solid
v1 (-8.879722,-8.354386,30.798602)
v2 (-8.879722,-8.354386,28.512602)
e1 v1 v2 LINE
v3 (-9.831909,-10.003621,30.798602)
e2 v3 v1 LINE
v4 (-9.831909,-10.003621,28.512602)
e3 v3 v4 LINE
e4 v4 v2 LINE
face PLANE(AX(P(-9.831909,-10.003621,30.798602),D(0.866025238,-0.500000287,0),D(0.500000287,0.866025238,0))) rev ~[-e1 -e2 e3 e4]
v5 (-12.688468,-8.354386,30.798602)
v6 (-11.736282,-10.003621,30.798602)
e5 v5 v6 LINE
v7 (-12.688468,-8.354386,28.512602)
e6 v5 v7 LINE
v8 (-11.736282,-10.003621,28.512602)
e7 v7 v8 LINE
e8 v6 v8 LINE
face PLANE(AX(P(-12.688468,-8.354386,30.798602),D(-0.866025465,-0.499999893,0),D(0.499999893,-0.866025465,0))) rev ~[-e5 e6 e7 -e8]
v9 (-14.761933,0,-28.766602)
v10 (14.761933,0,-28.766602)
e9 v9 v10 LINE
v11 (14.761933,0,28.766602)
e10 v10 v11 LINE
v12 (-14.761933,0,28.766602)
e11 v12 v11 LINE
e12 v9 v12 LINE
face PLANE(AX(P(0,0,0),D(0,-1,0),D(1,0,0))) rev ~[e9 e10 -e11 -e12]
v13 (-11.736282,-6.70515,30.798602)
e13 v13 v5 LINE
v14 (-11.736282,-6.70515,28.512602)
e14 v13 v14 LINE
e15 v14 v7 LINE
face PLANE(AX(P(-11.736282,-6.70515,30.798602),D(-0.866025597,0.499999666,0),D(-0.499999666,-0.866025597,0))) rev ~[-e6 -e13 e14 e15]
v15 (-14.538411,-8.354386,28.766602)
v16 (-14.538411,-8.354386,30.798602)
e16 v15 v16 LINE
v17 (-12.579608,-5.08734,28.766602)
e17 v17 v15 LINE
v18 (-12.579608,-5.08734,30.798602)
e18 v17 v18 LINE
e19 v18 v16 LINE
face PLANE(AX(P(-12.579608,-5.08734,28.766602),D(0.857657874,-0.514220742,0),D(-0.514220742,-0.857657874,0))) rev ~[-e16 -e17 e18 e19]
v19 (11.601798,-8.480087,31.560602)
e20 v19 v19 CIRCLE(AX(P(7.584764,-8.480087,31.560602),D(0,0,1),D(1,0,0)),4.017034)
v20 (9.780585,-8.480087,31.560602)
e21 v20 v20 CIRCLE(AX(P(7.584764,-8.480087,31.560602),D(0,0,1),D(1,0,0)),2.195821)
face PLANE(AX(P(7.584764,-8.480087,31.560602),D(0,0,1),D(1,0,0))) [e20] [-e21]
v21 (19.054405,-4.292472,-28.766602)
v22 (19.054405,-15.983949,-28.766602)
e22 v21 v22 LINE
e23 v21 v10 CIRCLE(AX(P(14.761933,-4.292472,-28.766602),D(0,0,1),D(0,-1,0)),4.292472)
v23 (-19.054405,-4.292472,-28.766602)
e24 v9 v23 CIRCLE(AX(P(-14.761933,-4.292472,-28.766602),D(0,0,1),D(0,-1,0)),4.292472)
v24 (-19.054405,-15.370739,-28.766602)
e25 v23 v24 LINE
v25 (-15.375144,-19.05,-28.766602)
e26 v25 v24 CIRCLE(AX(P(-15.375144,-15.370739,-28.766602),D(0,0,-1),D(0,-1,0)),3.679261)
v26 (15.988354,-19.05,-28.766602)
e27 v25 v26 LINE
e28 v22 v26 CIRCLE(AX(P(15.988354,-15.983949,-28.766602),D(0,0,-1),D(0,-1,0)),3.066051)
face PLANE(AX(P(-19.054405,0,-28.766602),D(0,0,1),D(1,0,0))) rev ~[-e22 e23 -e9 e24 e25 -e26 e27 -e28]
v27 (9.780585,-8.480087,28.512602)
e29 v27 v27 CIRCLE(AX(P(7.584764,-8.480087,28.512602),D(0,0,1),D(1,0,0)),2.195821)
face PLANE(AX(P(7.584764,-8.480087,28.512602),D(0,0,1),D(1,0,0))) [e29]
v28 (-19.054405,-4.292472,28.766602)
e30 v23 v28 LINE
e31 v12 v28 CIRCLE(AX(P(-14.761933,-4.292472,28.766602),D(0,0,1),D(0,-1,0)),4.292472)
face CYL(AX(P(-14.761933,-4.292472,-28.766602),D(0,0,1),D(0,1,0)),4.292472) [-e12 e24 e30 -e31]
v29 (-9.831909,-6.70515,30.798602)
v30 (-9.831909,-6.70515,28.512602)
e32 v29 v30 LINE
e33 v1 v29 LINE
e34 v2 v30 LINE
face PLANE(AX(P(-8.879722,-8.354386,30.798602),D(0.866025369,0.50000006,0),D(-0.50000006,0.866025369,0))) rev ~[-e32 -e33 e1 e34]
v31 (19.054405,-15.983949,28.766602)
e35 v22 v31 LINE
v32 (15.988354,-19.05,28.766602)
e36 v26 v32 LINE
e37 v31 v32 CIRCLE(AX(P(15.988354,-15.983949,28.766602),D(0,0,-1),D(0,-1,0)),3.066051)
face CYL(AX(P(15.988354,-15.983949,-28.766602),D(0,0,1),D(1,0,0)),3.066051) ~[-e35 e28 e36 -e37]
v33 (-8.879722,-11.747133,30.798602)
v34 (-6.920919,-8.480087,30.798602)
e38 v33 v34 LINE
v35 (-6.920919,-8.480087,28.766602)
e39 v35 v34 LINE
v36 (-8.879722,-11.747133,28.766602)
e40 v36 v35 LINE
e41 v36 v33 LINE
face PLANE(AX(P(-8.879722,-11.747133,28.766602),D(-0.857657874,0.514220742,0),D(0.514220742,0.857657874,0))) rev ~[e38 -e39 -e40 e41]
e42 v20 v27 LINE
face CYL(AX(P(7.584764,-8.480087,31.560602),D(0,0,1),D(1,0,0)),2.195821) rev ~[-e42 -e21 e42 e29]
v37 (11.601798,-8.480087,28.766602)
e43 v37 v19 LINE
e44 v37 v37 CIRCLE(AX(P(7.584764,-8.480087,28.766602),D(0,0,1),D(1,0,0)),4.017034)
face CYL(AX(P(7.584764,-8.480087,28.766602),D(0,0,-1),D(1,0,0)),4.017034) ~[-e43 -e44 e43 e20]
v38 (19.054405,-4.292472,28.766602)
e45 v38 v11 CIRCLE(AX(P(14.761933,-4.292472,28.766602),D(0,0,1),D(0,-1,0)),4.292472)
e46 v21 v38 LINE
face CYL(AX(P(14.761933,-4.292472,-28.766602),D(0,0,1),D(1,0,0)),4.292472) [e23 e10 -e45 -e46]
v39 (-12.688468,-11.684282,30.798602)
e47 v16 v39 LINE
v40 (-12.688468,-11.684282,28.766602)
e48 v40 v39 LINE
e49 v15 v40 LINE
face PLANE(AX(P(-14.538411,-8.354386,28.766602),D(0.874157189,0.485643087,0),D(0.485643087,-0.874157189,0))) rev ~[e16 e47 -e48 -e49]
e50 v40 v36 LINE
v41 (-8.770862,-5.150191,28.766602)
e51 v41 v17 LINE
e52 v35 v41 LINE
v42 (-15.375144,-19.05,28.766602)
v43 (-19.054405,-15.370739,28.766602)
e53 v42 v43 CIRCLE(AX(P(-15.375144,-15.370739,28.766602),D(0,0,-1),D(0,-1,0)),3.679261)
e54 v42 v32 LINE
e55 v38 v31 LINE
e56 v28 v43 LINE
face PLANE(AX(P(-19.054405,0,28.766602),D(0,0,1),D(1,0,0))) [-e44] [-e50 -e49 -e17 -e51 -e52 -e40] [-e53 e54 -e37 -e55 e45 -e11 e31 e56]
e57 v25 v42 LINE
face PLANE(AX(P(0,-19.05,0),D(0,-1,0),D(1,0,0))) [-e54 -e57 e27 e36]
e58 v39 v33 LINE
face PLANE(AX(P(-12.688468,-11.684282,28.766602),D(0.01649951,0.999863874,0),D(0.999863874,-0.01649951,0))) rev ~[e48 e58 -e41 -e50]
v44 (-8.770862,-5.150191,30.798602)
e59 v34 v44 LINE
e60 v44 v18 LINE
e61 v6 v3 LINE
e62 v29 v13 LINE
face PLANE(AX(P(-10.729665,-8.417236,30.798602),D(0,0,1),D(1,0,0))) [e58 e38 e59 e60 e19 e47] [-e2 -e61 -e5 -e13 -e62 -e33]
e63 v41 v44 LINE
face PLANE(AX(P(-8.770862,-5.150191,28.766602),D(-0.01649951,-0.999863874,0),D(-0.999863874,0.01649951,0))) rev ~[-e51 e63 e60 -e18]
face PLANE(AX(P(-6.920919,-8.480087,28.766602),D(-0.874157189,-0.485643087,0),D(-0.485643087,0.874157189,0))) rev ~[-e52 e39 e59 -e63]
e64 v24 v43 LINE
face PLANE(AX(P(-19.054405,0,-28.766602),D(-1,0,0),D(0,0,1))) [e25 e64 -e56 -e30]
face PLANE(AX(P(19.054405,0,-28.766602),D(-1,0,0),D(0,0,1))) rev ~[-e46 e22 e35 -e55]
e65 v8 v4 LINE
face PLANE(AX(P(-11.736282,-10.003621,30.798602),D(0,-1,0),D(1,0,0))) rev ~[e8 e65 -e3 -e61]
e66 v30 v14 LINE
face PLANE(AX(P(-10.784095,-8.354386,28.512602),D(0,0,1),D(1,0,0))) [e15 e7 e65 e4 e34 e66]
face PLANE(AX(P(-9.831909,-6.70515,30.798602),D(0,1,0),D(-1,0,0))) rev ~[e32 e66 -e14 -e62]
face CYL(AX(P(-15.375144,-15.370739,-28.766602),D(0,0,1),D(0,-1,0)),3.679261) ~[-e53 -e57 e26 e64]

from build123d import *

# Parameters (mm, degrees)
F0_W      = 38.10881
F0_H      = 57.533204
F1_DEPTH  = 19.05
F2_R      = 3.066051
F3_R      = 3.679261
F4_R      = 4.292472
F5_R      = 4.292472
F7_DEPTH  = 2.032
F8_R      = 4.017034
F9_DEPTH  = 2.794
F11_DEPTH = 2.286
F12_R     = 2.195821
F13_DEPTH = 3.048


with BuildPart() as f1:
    # F0 (on Front) → F1 (new body)
    with BuildSketch(Plane.XZ):
        Rectangle(F0_W, F0_H)
    extrude(amount=F1_DEPTH)

    # F2
    f2_edges = [f1.edges().sort_by_distance(p)[0] for p in [
        (19.054405, -19.05, 0),
    ]]
    fillet(f2_edges, radius=F2_R)

    # F3
    f3_edges = [f1.edges().sort_by_distance(p)[0] for p in [
        (-19.054405, -19.05, 0),
    ]]
    fillet(f3_edges, radius=F3_R)

    # F4
    f4_edges = [f1.edges().sort_by_distance(p)[0] for p in [
        (19.054405, 0, 0),
    ]]
    fillet(f4_edges, radius=F4_R)

    # F5
    f5_edges = [f1.edges().sort_by_distance(p)[0] for p in [
        (-19.054405, 0, 0),
    ]]
    fillet(f5_edges, radius=F5_R)

    # F6 (on face) → F7 (join)
    with BuildSketch(Plane.XY.offset(28.766602)):
        Polygon((-12.688468, -11.684282), (-8.879722, -11.747133), (-6.920919, -8.480087), (-8.770862, -5.150191), (-12.579608, -5.08734), (-14.538411, -8.354386), align=None)
    extrude(amount=F7_DEPTH)

    # F8 (on face) → F9 (join)
    with BuildSketch(Plane.XY.offset(28.766602)):
        with Locations((7.584764, -8.480087)):
            Circle(F8_R)
    extrude(amount=F9_DEPTH)

    # F10 (on face) → F11 (cut)
    with BuildSketch(Plane.XY.offset(30.798602)):
        Polygon((-9.831909, -10.003621), (-8.879722, -8.354386), (-9.831909, -6.70515), (-11.736282, -6.70515), (-12.688468, -8.354386), (-11.736282, -10.003621), align=None)
    extrude(amount=-F11_DEPTH, mode=Mode.SUBTRACT)

    # F12 (on face) → F13 (cut)
    with BuildSketch(Plane.XY.offset(31.560602)):
        with Locations((7.584764, -8.480087)):
            Circle(F12_R)
    extrude(amount=-F13_DEPTH, mode=Mode.SUBTRACT)


solid = f1.part
